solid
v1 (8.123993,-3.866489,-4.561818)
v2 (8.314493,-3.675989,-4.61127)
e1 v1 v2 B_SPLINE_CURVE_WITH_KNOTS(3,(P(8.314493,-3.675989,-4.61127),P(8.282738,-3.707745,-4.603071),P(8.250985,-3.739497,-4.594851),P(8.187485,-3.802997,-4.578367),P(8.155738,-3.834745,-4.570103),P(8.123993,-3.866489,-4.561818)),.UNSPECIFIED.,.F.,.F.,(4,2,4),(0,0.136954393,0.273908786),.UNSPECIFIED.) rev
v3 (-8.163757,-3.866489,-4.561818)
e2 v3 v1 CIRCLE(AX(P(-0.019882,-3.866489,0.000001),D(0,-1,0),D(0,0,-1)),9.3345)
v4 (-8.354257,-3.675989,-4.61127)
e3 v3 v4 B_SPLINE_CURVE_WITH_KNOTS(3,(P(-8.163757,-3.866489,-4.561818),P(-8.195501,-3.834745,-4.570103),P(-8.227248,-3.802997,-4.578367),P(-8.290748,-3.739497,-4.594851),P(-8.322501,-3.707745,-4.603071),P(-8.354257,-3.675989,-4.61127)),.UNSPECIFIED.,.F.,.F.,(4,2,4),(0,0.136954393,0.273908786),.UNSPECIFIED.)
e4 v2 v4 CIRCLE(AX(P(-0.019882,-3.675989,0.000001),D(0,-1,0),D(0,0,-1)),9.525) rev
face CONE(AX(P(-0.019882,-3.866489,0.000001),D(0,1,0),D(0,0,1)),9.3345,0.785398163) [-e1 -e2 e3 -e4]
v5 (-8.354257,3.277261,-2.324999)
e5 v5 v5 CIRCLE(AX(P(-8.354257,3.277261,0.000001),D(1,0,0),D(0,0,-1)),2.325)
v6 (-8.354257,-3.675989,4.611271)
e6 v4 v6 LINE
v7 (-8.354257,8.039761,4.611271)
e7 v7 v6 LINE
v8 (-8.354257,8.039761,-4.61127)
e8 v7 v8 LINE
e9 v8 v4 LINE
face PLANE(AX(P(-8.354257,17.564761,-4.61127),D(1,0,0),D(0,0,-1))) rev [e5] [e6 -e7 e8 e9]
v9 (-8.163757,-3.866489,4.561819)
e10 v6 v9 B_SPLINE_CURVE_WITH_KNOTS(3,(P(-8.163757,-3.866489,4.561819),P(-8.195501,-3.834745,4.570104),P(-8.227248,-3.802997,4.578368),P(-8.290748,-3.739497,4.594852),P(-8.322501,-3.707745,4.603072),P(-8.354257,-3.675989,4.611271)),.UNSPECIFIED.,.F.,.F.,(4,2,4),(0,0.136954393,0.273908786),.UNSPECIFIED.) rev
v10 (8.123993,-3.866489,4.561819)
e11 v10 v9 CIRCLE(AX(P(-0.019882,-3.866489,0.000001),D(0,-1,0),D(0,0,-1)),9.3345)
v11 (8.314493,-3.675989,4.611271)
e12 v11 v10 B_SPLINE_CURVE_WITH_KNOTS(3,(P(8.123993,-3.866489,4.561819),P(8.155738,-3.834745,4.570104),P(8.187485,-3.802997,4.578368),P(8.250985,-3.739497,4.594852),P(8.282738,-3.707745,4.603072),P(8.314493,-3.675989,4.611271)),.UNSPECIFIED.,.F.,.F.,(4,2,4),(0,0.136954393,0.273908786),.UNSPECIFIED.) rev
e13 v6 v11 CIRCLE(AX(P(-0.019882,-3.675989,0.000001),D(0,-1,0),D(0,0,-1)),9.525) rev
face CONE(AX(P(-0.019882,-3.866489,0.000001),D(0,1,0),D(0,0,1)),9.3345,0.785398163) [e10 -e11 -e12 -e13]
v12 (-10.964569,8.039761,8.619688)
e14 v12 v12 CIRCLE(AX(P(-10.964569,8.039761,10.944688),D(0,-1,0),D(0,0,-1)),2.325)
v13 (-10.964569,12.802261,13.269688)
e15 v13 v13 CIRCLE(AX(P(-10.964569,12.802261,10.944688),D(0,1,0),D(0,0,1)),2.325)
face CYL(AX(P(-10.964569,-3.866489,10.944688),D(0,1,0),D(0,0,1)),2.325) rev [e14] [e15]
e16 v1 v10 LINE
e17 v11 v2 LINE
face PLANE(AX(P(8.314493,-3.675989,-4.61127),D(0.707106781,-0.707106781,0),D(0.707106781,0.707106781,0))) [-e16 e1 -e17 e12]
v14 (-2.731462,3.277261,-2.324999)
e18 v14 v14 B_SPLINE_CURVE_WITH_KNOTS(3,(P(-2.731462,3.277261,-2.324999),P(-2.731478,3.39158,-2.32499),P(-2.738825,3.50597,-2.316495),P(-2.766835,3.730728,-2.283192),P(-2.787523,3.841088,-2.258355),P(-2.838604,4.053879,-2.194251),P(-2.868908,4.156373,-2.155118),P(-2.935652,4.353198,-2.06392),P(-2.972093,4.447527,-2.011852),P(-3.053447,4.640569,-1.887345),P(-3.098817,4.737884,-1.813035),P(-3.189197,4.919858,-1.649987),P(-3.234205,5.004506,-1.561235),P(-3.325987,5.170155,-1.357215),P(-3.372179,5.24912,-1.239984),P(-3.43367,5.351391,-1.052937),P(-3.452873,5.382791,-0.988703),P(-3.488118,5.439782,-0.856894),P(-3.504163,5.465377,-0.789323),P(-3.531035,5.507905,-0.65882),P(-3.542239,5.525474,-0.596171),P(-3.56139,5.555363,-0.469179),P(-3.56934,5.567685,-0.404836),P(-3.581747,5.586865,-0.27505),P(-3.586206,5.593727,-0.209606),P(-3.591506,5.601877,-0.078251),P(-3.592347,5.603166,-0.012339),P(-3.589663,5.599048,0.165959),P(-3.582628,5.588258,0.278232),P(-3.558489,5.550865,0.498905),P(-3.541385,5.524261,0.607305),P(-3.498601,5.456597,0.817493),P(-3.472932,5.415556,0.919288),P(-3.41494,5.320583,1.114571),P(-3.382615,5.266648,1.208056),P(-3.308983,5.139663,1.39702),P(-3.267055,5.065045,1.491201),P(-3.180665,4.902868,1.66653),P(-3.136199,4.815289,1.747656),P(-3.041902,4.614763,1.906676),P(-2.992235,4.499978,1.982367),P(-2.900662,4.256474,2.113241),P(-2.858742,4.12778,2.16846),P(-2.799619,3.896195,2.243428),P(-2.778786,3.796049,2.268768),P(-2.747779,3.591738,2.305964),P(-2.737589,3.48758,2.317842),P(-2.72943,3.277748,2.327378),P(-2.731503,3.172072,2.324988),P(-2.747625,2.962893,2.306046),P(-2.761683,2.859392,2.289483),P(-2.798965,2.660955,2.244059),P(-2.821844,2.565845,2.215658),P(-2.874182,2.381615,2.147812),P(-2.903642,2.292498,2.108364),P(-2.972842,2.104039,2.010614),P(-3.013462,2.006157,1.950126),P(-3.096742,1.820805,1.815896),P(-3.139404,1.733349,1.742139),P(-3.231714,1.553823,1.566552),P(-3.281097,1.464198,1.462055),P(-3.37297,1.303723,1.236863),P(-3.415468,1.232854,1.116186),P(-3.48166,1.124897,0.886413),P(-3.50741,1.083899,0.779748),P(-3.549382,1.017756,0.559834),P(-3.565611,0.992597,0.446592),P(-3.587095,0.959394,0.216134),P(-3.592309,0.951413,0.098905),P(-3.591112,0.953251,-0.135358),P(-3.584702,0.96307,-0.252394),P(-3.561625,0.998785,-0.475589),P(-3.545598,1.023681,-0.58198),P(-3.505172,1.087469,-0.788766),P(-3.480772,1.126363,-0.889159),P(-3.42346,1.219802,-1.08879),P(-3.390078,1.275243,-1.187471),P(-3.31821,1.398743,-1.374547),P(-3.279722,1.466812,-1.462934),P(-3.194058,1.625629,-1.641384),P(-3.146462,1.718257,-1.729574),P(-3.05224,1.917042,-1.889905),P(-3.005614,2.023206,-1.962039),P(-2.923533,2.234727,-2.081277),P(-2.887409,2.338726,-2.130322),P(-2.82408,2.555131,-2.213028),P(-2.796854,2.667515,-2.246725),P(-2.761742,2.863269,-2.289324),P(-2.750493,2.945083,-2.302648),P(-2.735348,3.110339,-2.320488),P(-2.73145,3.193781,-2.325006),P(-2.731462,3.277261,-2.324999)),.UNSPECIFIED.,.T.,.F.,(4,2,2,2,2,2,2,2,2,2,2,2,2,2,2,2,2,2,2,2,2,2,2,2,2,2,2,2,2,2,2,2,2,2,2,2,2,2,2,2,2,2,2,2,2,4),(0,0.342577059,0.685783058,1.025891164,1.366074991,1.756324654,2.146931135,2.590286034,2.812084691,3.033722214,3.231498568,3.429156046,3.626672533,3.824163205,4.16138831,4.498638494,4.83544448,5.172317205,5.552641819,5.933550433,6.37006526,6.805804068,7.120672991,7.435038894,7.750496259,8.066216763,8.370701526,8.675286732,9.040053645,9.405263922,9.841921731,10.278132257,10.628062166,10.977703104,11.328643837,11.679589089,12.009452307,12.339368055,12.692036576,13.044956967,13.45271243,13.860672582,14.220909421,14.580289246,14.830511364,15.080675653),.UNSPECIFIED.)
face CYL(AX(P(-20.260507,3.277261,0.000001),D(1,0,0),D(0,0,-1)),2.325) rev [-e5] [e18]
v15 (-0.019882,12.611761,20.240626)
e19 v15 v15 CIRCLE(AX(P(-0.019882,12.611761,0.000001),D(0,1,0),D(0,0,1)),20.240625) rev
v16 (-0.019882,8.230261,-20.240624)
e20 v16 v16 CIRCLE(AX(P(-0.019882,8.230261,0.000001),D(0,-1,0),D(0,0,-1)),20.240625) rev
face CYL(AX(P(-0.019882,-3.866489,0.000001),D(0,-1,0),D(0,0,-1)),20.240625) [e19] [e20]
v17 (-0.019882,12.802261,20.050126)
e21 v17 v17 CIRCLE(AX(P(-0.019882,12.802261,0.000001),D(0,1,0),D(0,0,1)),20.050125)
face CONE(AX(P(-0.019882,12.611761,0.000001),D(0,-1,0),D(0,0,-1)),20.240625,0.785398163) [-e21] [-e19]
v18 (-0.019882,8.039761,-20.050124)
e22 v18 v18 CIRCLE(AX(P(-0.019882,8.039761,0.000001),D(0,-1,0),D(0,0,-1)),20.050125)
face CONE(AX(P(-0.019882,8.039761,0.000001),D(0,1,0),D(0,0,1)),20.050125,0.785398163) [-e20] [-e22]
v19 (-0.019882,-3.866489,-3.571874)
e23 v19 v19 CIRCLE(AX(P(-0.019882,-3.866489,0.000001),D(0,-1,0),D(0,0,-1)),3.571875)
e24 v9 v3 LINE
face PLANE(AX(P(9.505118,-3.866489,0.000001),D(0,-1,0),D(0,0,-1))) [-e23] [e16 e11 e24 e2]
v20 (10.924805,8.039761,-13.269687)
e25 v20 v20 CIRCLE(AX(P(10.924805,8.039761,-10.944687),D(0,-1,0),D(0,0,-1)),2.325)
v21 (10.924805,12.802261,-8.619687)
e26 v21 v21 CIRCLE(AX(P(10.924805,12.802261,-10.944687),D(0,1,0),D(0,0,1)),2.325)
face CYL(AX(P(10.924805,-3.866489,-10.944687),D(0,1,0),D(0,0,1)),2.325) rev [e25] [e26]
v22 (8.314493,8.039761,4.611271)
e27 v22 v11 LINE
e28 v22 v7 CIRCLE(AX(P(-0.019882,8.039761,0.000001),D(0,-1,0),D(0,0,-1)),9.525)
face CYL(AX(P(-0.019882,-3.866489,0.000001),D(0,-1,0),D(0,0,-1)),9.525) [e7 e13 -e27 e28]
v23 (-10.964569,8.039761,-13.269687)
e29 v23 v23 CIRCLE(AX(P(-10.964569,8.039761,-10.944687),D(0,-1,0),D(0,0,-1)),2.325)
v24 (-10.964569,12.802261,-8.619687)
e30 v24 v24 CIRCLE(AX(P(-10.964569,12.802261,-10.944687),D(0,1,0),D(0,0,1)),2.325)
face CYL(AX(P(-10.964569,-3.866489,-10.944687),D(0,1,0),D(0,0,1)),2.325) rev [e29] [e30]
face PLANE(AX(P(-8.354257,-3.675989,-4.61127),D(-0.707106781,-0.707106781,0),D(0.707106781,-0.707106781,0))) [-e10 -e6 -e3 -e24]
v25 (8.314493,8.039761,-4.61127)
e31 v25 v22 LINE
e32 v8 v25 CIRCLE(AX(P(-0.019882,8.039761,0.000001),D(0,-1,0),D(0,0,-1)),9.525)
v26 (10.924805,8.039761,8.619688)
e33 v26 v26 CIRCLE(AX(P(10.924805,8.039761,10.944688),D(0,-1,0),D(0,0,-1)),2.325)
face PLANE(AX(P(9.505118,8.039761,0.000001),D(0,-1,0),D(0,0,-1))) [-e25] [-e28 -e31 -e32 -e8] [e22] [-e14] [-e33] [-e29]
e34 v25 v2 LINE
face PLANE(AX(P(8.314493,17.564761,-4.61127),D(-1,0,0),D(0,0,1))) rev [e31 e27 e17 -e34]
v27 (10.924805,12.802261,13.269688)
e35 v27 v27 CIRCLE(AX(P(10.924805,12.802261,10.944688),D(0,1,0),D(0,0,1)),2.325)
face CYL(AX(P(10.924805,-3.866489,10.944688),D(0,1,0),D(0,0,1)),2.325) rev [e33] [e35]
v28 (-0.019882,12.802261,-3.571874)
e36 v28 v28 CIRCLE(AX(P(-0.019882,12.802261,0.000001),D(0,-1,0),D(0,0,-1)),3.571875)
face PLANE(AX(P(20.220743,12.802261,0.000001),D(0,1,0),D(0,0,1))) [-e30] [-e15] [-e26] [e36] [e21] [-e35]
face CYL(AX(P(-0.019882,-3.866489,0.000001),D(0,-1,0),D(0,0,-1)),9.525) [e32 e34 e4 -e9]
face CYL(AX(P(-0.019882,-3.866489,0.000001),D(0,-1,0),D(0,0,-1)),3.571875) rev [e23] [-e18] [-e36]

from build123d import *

# Parameters (mm, degrees)
SKETCH2_W          = 1.5875
SKETCH2_H          = 6.148361062
CUT_EXTRUDE1_DEPTH = 7.9375
SKETCH3_R          = 1.55
CUT_EXTRUDE2_DEPTH = 23.082804042
SKETCH4_R          = 1.55
CUT_EXTRUDE3_DEPTH = 23.082804093
CHAMFER1_SIZE      = 0.127
SCALE1_SCALE       = 1.5


with BuildPart() as part:
    # Sketch1 → Revolve1 (revolve)
    with BuildSketch(Plane.XY, mode=Mode.PRIVATE) as revolve1_sk:
        Polygon((6.35, 0), (6.35, 7.9375), (13.49375, 7.9375), (13.49375, 11.1125), (2.38125, 11.1125), (2.38125, 0), align=None)
    revolve(revolve1_sk.sketch.rotate(Axis((0, 0, 0), (0, 1, 0)), 90), axis=Axis((0, 0, 0), (0, 1, 0)))

    # Sketch2 → Cut-Extrude1 (cut)
    with BuildSketch(Plane.XZ):
        with Locations((-6.35, 0)):
            Rectangle(SKETCH2_W, SKETCH2_H)
        with Locations((6.35, 0)):
            Rectangle(SKETCH2_W, SKETCH2_H)
    extrude(amount=-CUT_EXTRUDE1_DEPTH, mode=Mode.SUBTRACT)

    # Sketch3 → Cut-Extrude2 (cut, through all)
    with BuildSketch(Plane(origin=(0, 0, 0), x_dir=(0, 0, -1), z_dir=(1, 0, 0))):
        with Locations((0, 4.7625)):
            Circle(SKETCH3_R)
    extrude(amount=-CUT_EXTRUDE2_DEPTH, mode=Mode.SUBTRACT)

    # Sketch4 → Cut-Extrude3 (cut, through all)
    with BuildSketch(Plane(origin=(0, 11.1125, 0), x_dir=(1, 0, 0), z_dir=(0, 1, 0))):
        with Locations(Location((-7.296458098, 7.296458098, 0), (0, 0, 270))):
            Circle(SKETCH4_R)
        with Locations(Location((7.296458098, 7.296458098, 0), (0, 0, 270))):
            Circle(SKETCH4_R)
        with Locations(Location((7.296458098, -7.296458098, 0), (0, 0, 270))):
            Circle(SKETCH4_R)
        with Locations(Location((-7.296458098, -7.296458098, 0), (0, 0, 270))):
            Circle(SKETCH4_R)
    extrude(amount=-CUT_EXTRUDE3_DEPTH, mode=Mode.SUBTRACT)

    # Chamfer1
    chamfer1_edges = [part.edges().sort_by_distance(p)[0] for p in [
        (0, 0, -6.35),
        (-5.55625, 0, 0),
        (0, 0, 6.35),
        (5.55625, 0, 0),
        (0, 7.9375, 13.49375),
        (0, 11.1125, 13.49375),
    ]]
    chamfer(chamfer1_edges, length=CHAMFER1_SIZE)


with BuildPart() as part_1:
    # Scale1: scaled about (0.039762261, 7.732974778, -1.52e-07)
    add(part.part.scale(SCALE1_SCALE).moved(Location((-0.019881131, -3.866487389, 7.6e-08))))


solid = part_1.part
